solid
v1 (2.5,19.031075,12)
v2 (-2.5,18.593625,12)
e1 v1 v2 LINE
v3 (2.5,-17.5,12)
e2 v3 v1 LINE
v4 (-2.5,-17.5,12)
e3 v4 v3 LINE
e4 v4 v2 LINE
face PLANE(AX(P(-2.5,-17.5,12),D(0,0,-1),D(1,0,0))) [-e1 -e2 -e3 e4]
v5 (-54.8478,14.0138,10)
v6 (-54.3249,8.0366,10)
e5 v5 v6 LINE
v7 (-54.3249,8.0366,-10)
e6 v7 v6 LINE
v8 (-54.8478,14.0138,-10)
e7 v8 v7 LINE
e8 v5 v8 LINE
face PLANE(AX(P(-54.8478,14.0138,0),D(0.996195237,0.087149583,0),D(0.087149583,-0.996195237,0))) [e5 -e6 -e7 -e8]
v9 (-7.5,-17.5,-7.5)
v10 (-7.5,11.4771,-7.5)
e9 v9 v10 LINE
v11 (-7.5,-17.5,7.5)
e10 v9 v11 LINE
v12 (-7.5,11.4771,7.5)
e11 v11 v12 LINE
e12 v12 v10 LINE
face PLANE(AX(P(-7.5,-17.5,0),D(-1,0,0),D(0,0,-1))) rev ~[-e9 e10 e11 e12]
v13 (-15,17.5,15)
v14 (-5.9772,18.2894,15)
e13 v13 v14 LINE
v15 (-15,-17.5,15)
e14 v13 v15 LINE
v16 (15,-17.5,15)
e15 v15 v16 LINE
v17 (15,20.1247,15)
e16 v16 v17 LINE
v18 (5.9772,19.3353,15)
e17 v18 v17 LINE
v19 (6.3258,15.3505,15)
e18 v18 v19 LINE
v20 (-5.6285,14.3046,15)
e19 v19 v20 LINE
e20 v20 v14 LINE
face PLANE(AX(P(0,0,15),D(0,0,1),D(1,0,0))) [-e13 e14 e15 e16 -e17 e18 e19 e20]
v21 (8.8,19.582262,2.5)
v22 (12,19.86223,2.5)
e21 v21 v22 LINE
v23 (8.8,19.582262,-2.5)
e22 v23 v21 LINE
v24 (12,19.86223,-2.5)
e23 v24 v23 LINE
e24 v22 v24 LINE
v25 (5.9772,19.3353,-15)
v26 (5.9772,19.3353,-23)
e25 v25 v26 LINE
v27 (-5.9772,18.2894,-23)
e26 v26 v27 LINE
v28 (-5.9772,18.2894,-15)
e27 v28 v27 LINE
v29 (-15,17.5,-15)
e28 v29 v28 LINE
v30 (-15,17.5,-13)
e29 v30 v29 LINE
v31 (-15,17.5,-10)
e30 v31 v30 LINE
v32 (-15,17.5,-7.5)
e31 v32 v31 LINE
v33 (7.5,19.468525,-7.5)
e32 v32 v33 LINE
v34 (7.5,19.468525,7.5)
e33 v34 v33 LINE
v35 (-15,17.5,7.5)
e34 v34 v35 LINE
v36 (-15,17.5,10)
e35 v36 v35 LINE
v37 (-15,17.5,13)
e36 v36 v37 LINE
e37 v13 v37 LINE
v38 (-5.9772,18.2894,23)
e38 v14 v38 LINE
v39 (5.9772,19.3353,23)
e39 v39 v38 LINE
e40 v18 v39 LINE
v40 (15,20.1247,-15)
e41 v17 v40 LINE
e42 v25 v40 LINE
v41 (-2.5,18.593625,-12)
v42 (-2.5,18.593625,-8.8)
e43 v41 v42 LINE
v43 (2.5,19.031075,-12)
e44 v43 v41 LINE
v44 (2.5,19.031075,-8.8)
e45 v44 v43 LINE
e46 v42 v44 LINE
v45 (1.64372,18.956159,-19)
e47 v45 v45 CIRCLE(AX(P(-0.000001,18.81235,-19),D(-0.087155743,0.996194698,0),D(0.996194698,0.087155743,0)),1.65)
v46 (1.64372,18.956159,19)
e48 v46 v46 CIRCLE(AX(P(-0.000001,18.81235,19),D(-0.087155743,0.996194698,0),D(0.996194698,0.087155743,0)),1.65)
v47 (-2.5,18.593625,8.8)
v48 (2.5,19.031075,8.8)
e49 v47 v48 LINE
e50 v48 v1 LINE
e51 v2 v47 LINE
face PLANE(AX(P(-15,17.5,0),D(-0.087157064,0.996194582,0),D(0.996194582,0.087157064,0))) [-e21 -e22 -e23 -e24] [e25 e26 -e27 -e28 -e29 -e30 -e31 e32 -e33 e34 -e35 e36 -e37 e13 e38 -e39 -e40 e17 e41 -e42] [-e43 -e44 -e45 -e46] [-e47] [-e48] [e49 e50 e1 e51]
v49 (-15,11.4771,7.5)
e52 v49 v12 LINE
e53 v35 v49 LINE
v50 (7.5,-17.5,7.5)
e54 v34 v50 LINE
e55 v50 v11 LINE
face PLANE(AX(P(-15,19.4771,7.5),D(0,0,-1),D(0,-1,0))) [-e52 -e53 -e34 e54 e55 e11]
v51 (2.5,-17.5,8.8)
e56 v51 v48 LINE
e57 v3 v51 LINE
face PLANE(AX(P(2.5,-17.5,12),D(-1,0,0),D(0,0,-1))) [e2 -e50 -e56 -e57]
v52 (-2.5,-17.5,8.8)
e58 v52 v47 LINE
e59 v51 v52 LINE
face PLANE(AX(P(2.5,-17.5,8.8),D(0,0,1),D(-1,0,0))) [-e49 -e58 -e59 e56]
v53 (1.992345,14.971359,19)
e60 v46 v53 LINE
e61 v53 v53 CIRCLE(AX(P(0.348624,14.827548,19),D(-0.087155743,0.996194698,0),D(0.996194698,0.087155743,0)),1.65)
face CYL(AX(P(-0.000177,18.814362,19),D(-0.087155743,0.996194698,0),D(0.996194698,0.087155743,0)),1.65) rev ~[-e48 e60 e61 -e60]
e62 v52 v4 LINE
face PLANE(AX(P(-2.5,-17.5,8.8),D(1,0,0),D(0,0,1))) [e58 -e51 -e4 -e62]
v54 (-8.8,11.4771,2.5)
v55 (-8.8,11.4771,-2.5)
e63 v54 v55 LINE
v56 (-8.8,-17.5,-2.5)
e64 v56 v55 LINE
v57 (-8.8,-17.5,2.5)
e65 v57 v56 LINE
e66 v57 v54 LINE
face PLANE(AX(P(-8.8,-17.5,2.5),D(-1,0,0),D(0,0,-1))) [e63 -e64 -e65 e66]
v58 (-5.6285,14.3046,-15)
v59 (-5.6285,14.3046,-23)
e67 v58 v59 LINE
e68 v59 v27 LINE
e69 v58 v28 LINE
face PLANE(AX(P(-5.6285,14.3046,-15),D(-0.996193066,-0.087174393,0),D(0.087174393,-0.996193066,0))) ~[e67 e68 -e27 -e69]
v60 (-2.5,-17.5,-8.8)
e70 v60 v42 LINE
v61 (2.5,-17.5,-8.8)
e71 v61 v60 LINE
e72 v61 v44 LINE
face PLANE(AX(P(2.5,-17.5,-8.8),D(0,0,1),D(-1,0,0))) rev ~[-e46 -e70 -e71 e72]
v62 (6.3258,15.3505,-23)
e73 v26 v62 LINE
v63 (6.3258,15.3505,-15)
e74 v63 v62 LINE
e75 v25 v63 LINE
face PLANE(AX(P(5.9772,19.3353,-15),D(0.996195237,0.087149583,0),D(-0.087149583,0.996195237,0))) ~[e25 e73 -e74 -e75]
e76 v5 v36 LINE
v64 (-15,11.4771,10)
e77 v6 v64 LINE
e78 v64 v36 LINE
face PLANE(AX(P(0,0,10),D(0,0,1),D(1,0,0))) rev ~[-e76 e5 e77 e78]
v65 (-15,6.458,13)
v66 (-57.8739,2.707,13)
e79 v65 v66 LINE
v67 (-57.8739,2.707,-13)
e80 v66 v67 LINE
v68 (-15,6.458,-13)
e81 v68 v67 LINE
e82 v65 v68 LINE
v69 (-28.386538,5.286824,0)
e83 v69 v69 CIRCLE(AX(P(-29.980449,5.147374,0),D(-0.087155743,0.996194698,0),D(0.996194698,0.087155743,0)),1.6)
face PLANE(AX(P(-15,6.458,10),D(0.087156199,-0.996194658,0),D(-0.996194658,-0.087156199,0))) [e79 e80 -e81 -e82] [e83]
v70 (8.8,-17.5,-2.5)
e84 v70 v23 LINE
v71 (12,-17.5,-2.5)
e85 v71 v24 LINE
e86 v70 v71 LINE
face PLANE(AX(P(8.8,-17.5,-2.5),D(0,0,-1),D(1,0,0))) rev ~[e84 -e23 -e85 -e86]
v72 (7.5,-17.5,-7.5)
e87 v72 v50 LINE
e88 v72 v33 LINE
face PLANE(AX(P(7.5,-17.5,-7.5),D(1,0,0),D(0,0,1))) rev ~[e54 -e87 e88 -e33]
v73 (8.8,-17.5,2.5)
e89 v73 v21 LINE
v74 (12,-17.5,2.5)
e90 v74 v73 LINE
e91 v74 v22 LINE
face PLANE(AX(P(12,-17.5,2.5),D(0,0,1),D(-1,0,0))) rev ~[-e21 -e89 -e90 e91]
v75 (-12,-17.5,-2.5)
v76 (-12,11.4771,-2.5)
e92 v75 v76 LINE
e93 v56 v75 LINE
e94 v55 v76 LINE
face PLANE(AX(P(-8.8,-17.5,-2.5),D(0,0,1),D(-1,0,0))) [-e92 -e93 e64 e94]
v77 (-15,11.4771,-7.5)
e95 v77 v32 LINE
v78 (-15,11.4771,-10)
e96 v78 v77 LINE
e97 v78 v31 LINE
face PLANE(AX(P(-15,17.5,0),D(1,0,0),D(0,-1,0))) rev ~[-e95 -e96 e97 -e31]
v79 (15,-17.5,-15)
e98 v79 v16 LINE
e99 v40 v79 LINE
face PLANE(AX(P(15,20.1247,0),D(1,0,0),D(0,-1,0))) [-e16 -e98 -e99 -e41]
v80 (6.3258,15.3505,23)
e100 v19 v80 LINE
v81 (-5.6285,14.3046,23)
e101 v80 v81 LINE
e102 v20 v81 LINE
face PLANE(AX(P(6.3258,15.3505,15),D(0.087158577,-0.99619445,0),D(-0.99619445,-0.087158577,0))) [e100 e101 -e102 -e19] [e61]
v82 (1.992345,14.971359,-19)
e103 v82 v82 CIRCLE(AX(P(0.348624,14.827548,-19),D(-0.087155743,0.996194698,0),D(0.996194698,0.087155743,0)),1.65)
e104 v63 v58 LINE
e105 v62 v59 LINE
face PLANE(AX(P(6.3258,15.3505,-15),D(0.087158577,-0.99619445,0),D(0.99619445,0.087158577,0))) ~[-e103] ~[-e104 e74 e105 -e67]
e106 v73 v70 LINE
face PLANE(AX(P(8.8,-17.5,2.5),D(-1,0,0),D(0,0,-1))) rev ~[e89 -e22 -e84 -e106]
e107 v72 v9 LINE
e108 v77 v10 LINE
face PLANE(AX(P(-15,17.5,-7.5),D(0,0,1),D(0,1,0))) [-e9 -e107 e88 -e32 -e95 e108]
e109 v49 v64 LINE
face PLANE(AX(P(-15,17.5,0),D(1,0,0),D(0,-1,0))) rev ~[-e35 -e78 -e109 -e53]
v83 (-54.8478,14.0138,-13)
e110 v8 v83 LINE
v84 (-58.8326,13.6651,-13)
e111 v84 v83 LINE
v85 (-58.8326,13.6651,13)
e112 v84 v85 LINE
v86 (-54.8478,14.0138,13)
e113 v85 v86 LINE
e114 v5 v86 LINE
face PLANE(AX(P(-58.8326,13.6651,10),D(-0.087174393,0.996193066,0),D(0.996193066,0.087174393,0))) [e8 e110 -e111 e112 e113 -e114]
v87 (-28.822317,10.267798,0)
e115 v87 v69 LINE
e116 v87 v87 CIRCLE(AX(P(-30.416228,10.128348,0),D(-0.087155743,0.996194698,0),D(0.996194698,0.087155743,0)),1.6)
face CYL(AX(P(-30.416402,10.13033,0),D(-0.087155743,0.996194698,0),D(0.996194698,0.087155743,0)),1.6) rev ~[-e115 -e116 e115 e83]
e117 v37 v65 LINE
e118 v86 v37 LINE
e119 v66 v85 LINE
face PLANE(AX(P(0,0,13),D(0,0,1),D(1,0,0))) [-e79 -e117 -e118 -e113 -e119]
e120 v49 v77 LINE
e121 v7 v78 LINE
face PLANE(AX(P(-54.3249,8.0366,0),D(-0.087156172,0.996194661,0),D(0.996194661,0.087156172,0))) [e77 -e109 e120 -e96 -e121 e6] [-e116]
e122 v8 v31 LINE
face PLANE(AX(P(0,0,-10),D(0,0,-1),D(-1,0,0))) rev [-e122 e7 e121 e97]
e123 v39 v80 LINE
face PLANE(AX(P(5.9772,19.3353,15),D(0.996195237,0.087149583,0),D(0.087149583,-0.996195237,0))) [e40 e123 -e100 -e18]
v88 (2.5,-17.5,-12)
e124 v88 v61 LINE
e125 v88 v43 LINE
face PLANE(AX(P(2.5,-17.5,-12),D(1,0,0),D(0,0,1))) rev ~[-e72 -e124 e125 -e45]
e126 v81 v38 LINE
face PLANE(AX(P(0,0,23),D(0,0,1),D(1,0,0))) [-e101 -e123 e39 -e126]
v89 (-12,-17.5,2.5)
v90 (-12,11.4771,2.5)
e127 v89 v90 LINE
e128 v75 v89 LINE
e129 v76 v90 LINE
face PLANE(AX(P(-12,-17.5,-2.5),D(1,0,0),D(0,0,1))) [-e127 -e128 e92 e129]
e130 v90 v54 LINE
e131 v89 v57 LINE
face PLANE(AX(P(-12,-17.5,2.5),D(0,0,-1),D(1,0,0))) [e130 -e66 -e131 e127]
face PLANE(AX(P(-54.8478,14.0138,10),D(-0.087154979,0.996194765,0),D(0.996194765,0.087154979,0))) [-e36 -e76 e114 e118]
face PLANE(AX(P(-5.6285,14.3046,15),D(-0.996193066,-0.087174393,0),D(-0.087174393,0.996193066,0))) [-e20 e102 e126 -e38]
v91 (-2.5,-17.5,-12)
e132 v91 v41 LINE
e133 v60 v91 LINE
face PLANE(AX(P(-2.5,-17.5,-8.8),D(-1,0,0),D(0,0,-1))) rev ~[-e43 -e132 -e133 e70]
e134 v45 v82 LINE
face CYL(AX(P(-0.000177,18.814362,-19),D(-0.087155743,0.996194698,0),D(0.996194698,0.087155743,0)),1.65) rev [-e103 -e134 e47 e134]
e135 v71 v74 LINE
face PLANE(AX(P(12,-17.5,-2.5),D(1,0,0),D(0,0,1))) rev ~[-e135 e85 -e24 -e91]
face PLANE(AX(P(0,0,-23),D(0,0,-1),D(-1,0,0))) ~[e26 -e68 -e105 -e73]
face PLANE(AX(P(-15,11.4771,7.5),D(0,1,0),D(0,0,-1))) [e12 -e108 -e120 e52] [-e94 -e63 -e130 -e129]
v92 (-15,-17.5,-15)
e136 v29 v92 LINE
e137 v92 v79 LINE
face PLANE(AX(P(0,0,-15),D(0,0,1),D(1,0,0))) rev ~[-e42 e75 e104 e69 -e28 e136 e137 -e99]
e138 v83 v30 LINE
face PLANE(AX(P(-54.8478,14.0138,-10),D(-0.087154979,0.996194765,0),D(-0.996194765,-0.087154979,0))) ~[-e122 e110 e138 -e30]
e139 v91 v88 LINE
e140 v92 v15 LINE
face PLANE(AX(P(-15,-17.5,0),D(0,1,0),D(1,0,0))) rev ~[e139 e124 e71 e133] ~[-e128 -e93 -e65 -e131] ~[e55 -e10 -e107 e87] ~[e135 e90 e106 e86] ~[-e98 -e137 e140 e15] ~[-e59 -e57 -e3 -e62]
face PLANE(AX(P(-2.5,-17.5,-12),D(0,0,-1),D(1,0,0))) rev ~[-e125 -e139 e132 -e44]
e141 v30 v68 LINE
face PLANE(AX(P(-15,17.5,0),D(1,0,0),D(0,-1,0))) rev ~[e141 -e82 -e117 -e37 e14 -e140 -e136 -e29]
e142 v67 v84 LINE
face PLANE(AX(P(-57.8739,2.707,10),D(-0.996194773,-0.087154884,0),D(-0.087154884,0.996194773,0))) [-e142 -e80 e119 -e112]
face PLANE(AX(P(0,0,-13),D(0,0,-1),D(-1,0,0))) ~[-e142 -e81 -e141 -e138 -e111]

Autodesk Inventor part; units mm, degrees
ref_plane "YZ Plane" through (0, 0, 0) normal (1, 0, 0) x (0, 1, 0)
ref_plane "XZ Plane" through (0, 0, 0) normal (0, 1, 0) x (-1, 0, 0)
ref_plane "XY Plane" through (0, 0, 0) normal (0, 0, 1) x (1, 0, 0)
sketch "Sketch1" plane through (0, 0, 0) normal (0, 0, 1) x (1, 0, 0)
  line L0 (-15, -17.5) -> (15, -17.5)
  line L1 (15, -17.5) -> (15, 17.5)
  line L2 (15, 17.5) -> (-15, 17.5)
  line L3 (-15, 17.5) -> (-15, -17.5)
  line L4 (-15, -17.5) -> (15, 17.5) construction
  line L5 (15, -17.5) -> (-15, 17.5) construction
  line L6 (-15, 17.5) -> (15, 20.1247)
  line L7 (15, 20.1247) -> (15, 17.5)
  point P0 (0, 0)
  dimension "d0" = 5
  dimension "d1" = 30
  dimension "d3" = 35
extrude "Extrusion1" add sketch "Sketch1" along normal mid plane 30
sketch "Sketch2" plane through (-15, -17.5, -15) normal (0, -1, 0) x (1, 0, 0)
  line L0 (7.5, 7.5) -> (22.5, 7.5)
  line L1 (22.5, 7.5) -> (22.5, 22.5)
  line L2 (22.5, 22.5) -> (7.5, 22.5)
  line L3 (7.5, 22.5) -> (7.5, 7.5)
  line L4 (7.5, 7.5) -> (22.5, 22.5) construction
  line L5 (22.5, 7.5) -> (7.5, 22.5) construction
  line L6 (0, 30) -> (0, 0) projected
  line L7 (30, 0) -> (0, 0) projected
  line L8 (12.5, 3) -> (17.5, 3)
  line L9 (17.5, 3) -> (17.5, 6.2)
  line L10 (17.5, 6.2) -> (12.5, 6.2)
  line L11 (12.5, 6.2) -> (12.5, 3)
  line L12 (12.5, 3) -> (17.5, 6.2) construction
  line L13 (17.5, 3) -> (12.5, 6.2) construction
  line L14 (3, 17.5) -> (6.2, 17.5)
  line L15 (6.2, 17.5) -> (6.2, 12.5)
  line L16 (6.2, 12.5) -> (3, 12.5)
  line L17 (3, 12.5) -> (3, 17.5)
  line L18 (3, 17.5) -> (6.2, 12.5) construction
  line L19 (6.2, 17.5) -> (3, 12.5) construction
  line L20 (15, 7.5) -> (15, 22.5)
  line L21 (7.5, 15) -> (22.5, 15)
  line L22 (12.5, 27) -> (17.5, 27)
  line L23 (17.5, 27) -> (17.5, 23.8)
  line L24 (17.5, 23.8) -> (12.5, 23.8)
  line L25 (12.5, 23.8) -> (12.5, 27)
  line L26 (12.5, 27) -> (17.5, 23.8) construction
  line L27 (17.5, 27) -> (12.5, 23.8) construction
  line L28 (27, 17.5) -> (23.8, 17.5)
  line L29 (23.8, 17.5) -> (23.8, 12.5)
  line L30 (23.8, 12.5) -> (27, 12.5)
  line L31 (27, 12.5) -> (27, 17.5)
  line L32 (27, 17.5) -> (23.8, 12.5) construction
  line L33 (23.8, 17.5) -> (27, 12.5) construction
  point P0 (15, 15)
  point P1 (15, 15)
  point P2 (0, 15)
  point P3 (15, 0)
  point P4 (15, 4.6)
  point P5 (4.6, 15)
  point P6 (0, 15)
  point P7 (3, 15)
  point P8 (15, 0)
  point P9 (15, 25.4)
  point P10 (25.4, 15)
  point P11 (27, 15)
  dimension "d6" = 15
  dimension "d7" = 5
  dimension "d8" = 3.2
  dimension "d9" = 3
  dimension "d10" = 3
extrude "Extrusion2" cut sketch "Sketch2" against normal through all
sketch "Sketch3" plane through (0, 0, 0) normal (0, 0, 1) x (1, 0, 0)
  line L0 (-15, -17.5) -> (-15, 17.5) projected
  line L1 (-15, 6.458) -> (-57.8739, 2.707)
  line L2 (-57.8739, 2.707) -> (-58.8326, 13.6651)
  line L3 (-58.8326, 13.6651) -> (-54.8478, 14.0138)
  line L4 (-54.8478, 14.0138) -> (-54.3249, 8.0366)
  line L5 (-54.3249, 8.0366) -> (-15, 11.4771)
  line L6 (15, 20.1247) -> (-15, 17.5) projected
  line L7 (-54.8478, 14.0138) -> (-15, 17.5)
  point P0 (0, 0)
  dimension "d14" = 4
  dimension "d15" = 5
  dimension "d16" = 6
  dimension "d17" = 40
extrude "Extrusion3" add sketch "Sketch3" along normal mid plane 20 contours L1 L2 L3 L4 L5 L0
sketch "Sketch4" plane through (-54.3249, 8.0366, 10) normal (-0.0872, 0.9962, 0) x (0.9962, 0.0872, 0)
  circle A0 centre (24, 10) radius 1.6
  line L0 (39.4751, 20) -> (39.4751, 0) projected
  line L1 (0, 0) -> (0, 20) projected
  point P0 (53.4177, 10)
  point P1 (39.4751, 10)
  dimension "d20" = 3.2
  dimension "d21" = 24
extrude "Extrusion4" cut sketch "Sketch4" against normal blind 20
sketch "Sketch5" plane through (-15, -17.5, 15) normal (-1, 0, 0) x (0, 0, 1)
  line L0 (-22.5, 36.9771) -> (-7.5, 36.9771)
  line L1 (-7.5, 36.9771) -> (-7.5, 28.9771)
  line L2 (-7.5, 28.9771) -> (-22.5, 28.9771)
  line L3 (-22.5, 28.9771) -> (-22.5, 36.9771)
  line L4 (-22.5, 36.9771) -> (-7.5, 28.9771) construction
  line L5 (-7.5, 36.9771) -> (-22.5, 28.9771) construction
  line L6 (-30, 35) -> (0, 35) projected
  line L7 (-25, 28.9771) -> (-5, 28.9771) projected
  point P0 (-15, 17.5)
  point P1 (-15, 32.9771)
  point P2 (-15, 35)
  point P3 (-15, 28.9771)
  dimension "d24" = 15
  dimension "d25" = 8
extrude "Extrusion5" cut sketch "Sketch5" against normal up to surface (22.5 mm away)
sketch "Sketch7" plane through (0, 0, 15) normal (0, 0, 1) x (1, 0, 0)
  line L0 (15, 20.1247) -> (-15, 17.5) projected
  line L1 (-5.9772, 18.2894) -> (5.9772, 19.3353)
  line L2 (5.9772, 19.3353) -> (6.3258, 15.3505)
  line L3 (6.3258, 15.3505) -> (-5.6285, 14.3046)
  line L4 (-5.6285, 14.3046) -> (-5.9772, 18.2894)
  line L5 (-5.9772, 18.2894) -> (6.3258, 15.3505) construction
  line L6 (5.9772, 19.3353) -> (-5.6285, 14.3046) construction
  point P0 (0, 0)
  point P1 (0, 18.8123)
  point P2 (0.1743, 16.8199)
  point P3 (0, 18.8123)
  point P4 (-5.9772, 18.2894)
  dimension "d30" = 12
  dimension "d31" = 4
extrude "Extrusion6" add sketch "Sketch7" along normal blind 8
sketch "Sketch8" plane through (15, 20.1247, 15) normal (-0.0872, 0.9962, 0) x (0.9962, 0.0872, 0)
  circle A0 centre (-15.0573, -4) radius 1.65
  line L0 (-9.0573, 0) -> (-9.0573, -8) projected
  line L1 (-9.0573, -8) -> (-21.0573, -8) projected
  line L2 (-9.0573, 0) -> (-21.0573, 0) projected
  point P0 (-16.6969, 15)
  point P1 (-9.0573, -4)
  point P2 (-15.0573, -8)
  point P3 (-15.0573, 0)
  dimension "d34" = 3.3
  dimension "d37" = 4
extrude "Extrusion7" cut sketch "Sketch8" against normal blind 12
mirror "Mirror1" about plane through (0, 0, 0) normal (0, 0, 1) of "Extrusion6", "Extrusion7"
extrude "Extrusion8" add sketch "Sketch3" along normal blind 3 from surface at 10
mirror "Mirror2" about plane through (0, 0, 0) normal (0, 0, 1) of "Extrusion8"
equation "\"d10\" = d9"
properties part number "Upper Path Fixation"
